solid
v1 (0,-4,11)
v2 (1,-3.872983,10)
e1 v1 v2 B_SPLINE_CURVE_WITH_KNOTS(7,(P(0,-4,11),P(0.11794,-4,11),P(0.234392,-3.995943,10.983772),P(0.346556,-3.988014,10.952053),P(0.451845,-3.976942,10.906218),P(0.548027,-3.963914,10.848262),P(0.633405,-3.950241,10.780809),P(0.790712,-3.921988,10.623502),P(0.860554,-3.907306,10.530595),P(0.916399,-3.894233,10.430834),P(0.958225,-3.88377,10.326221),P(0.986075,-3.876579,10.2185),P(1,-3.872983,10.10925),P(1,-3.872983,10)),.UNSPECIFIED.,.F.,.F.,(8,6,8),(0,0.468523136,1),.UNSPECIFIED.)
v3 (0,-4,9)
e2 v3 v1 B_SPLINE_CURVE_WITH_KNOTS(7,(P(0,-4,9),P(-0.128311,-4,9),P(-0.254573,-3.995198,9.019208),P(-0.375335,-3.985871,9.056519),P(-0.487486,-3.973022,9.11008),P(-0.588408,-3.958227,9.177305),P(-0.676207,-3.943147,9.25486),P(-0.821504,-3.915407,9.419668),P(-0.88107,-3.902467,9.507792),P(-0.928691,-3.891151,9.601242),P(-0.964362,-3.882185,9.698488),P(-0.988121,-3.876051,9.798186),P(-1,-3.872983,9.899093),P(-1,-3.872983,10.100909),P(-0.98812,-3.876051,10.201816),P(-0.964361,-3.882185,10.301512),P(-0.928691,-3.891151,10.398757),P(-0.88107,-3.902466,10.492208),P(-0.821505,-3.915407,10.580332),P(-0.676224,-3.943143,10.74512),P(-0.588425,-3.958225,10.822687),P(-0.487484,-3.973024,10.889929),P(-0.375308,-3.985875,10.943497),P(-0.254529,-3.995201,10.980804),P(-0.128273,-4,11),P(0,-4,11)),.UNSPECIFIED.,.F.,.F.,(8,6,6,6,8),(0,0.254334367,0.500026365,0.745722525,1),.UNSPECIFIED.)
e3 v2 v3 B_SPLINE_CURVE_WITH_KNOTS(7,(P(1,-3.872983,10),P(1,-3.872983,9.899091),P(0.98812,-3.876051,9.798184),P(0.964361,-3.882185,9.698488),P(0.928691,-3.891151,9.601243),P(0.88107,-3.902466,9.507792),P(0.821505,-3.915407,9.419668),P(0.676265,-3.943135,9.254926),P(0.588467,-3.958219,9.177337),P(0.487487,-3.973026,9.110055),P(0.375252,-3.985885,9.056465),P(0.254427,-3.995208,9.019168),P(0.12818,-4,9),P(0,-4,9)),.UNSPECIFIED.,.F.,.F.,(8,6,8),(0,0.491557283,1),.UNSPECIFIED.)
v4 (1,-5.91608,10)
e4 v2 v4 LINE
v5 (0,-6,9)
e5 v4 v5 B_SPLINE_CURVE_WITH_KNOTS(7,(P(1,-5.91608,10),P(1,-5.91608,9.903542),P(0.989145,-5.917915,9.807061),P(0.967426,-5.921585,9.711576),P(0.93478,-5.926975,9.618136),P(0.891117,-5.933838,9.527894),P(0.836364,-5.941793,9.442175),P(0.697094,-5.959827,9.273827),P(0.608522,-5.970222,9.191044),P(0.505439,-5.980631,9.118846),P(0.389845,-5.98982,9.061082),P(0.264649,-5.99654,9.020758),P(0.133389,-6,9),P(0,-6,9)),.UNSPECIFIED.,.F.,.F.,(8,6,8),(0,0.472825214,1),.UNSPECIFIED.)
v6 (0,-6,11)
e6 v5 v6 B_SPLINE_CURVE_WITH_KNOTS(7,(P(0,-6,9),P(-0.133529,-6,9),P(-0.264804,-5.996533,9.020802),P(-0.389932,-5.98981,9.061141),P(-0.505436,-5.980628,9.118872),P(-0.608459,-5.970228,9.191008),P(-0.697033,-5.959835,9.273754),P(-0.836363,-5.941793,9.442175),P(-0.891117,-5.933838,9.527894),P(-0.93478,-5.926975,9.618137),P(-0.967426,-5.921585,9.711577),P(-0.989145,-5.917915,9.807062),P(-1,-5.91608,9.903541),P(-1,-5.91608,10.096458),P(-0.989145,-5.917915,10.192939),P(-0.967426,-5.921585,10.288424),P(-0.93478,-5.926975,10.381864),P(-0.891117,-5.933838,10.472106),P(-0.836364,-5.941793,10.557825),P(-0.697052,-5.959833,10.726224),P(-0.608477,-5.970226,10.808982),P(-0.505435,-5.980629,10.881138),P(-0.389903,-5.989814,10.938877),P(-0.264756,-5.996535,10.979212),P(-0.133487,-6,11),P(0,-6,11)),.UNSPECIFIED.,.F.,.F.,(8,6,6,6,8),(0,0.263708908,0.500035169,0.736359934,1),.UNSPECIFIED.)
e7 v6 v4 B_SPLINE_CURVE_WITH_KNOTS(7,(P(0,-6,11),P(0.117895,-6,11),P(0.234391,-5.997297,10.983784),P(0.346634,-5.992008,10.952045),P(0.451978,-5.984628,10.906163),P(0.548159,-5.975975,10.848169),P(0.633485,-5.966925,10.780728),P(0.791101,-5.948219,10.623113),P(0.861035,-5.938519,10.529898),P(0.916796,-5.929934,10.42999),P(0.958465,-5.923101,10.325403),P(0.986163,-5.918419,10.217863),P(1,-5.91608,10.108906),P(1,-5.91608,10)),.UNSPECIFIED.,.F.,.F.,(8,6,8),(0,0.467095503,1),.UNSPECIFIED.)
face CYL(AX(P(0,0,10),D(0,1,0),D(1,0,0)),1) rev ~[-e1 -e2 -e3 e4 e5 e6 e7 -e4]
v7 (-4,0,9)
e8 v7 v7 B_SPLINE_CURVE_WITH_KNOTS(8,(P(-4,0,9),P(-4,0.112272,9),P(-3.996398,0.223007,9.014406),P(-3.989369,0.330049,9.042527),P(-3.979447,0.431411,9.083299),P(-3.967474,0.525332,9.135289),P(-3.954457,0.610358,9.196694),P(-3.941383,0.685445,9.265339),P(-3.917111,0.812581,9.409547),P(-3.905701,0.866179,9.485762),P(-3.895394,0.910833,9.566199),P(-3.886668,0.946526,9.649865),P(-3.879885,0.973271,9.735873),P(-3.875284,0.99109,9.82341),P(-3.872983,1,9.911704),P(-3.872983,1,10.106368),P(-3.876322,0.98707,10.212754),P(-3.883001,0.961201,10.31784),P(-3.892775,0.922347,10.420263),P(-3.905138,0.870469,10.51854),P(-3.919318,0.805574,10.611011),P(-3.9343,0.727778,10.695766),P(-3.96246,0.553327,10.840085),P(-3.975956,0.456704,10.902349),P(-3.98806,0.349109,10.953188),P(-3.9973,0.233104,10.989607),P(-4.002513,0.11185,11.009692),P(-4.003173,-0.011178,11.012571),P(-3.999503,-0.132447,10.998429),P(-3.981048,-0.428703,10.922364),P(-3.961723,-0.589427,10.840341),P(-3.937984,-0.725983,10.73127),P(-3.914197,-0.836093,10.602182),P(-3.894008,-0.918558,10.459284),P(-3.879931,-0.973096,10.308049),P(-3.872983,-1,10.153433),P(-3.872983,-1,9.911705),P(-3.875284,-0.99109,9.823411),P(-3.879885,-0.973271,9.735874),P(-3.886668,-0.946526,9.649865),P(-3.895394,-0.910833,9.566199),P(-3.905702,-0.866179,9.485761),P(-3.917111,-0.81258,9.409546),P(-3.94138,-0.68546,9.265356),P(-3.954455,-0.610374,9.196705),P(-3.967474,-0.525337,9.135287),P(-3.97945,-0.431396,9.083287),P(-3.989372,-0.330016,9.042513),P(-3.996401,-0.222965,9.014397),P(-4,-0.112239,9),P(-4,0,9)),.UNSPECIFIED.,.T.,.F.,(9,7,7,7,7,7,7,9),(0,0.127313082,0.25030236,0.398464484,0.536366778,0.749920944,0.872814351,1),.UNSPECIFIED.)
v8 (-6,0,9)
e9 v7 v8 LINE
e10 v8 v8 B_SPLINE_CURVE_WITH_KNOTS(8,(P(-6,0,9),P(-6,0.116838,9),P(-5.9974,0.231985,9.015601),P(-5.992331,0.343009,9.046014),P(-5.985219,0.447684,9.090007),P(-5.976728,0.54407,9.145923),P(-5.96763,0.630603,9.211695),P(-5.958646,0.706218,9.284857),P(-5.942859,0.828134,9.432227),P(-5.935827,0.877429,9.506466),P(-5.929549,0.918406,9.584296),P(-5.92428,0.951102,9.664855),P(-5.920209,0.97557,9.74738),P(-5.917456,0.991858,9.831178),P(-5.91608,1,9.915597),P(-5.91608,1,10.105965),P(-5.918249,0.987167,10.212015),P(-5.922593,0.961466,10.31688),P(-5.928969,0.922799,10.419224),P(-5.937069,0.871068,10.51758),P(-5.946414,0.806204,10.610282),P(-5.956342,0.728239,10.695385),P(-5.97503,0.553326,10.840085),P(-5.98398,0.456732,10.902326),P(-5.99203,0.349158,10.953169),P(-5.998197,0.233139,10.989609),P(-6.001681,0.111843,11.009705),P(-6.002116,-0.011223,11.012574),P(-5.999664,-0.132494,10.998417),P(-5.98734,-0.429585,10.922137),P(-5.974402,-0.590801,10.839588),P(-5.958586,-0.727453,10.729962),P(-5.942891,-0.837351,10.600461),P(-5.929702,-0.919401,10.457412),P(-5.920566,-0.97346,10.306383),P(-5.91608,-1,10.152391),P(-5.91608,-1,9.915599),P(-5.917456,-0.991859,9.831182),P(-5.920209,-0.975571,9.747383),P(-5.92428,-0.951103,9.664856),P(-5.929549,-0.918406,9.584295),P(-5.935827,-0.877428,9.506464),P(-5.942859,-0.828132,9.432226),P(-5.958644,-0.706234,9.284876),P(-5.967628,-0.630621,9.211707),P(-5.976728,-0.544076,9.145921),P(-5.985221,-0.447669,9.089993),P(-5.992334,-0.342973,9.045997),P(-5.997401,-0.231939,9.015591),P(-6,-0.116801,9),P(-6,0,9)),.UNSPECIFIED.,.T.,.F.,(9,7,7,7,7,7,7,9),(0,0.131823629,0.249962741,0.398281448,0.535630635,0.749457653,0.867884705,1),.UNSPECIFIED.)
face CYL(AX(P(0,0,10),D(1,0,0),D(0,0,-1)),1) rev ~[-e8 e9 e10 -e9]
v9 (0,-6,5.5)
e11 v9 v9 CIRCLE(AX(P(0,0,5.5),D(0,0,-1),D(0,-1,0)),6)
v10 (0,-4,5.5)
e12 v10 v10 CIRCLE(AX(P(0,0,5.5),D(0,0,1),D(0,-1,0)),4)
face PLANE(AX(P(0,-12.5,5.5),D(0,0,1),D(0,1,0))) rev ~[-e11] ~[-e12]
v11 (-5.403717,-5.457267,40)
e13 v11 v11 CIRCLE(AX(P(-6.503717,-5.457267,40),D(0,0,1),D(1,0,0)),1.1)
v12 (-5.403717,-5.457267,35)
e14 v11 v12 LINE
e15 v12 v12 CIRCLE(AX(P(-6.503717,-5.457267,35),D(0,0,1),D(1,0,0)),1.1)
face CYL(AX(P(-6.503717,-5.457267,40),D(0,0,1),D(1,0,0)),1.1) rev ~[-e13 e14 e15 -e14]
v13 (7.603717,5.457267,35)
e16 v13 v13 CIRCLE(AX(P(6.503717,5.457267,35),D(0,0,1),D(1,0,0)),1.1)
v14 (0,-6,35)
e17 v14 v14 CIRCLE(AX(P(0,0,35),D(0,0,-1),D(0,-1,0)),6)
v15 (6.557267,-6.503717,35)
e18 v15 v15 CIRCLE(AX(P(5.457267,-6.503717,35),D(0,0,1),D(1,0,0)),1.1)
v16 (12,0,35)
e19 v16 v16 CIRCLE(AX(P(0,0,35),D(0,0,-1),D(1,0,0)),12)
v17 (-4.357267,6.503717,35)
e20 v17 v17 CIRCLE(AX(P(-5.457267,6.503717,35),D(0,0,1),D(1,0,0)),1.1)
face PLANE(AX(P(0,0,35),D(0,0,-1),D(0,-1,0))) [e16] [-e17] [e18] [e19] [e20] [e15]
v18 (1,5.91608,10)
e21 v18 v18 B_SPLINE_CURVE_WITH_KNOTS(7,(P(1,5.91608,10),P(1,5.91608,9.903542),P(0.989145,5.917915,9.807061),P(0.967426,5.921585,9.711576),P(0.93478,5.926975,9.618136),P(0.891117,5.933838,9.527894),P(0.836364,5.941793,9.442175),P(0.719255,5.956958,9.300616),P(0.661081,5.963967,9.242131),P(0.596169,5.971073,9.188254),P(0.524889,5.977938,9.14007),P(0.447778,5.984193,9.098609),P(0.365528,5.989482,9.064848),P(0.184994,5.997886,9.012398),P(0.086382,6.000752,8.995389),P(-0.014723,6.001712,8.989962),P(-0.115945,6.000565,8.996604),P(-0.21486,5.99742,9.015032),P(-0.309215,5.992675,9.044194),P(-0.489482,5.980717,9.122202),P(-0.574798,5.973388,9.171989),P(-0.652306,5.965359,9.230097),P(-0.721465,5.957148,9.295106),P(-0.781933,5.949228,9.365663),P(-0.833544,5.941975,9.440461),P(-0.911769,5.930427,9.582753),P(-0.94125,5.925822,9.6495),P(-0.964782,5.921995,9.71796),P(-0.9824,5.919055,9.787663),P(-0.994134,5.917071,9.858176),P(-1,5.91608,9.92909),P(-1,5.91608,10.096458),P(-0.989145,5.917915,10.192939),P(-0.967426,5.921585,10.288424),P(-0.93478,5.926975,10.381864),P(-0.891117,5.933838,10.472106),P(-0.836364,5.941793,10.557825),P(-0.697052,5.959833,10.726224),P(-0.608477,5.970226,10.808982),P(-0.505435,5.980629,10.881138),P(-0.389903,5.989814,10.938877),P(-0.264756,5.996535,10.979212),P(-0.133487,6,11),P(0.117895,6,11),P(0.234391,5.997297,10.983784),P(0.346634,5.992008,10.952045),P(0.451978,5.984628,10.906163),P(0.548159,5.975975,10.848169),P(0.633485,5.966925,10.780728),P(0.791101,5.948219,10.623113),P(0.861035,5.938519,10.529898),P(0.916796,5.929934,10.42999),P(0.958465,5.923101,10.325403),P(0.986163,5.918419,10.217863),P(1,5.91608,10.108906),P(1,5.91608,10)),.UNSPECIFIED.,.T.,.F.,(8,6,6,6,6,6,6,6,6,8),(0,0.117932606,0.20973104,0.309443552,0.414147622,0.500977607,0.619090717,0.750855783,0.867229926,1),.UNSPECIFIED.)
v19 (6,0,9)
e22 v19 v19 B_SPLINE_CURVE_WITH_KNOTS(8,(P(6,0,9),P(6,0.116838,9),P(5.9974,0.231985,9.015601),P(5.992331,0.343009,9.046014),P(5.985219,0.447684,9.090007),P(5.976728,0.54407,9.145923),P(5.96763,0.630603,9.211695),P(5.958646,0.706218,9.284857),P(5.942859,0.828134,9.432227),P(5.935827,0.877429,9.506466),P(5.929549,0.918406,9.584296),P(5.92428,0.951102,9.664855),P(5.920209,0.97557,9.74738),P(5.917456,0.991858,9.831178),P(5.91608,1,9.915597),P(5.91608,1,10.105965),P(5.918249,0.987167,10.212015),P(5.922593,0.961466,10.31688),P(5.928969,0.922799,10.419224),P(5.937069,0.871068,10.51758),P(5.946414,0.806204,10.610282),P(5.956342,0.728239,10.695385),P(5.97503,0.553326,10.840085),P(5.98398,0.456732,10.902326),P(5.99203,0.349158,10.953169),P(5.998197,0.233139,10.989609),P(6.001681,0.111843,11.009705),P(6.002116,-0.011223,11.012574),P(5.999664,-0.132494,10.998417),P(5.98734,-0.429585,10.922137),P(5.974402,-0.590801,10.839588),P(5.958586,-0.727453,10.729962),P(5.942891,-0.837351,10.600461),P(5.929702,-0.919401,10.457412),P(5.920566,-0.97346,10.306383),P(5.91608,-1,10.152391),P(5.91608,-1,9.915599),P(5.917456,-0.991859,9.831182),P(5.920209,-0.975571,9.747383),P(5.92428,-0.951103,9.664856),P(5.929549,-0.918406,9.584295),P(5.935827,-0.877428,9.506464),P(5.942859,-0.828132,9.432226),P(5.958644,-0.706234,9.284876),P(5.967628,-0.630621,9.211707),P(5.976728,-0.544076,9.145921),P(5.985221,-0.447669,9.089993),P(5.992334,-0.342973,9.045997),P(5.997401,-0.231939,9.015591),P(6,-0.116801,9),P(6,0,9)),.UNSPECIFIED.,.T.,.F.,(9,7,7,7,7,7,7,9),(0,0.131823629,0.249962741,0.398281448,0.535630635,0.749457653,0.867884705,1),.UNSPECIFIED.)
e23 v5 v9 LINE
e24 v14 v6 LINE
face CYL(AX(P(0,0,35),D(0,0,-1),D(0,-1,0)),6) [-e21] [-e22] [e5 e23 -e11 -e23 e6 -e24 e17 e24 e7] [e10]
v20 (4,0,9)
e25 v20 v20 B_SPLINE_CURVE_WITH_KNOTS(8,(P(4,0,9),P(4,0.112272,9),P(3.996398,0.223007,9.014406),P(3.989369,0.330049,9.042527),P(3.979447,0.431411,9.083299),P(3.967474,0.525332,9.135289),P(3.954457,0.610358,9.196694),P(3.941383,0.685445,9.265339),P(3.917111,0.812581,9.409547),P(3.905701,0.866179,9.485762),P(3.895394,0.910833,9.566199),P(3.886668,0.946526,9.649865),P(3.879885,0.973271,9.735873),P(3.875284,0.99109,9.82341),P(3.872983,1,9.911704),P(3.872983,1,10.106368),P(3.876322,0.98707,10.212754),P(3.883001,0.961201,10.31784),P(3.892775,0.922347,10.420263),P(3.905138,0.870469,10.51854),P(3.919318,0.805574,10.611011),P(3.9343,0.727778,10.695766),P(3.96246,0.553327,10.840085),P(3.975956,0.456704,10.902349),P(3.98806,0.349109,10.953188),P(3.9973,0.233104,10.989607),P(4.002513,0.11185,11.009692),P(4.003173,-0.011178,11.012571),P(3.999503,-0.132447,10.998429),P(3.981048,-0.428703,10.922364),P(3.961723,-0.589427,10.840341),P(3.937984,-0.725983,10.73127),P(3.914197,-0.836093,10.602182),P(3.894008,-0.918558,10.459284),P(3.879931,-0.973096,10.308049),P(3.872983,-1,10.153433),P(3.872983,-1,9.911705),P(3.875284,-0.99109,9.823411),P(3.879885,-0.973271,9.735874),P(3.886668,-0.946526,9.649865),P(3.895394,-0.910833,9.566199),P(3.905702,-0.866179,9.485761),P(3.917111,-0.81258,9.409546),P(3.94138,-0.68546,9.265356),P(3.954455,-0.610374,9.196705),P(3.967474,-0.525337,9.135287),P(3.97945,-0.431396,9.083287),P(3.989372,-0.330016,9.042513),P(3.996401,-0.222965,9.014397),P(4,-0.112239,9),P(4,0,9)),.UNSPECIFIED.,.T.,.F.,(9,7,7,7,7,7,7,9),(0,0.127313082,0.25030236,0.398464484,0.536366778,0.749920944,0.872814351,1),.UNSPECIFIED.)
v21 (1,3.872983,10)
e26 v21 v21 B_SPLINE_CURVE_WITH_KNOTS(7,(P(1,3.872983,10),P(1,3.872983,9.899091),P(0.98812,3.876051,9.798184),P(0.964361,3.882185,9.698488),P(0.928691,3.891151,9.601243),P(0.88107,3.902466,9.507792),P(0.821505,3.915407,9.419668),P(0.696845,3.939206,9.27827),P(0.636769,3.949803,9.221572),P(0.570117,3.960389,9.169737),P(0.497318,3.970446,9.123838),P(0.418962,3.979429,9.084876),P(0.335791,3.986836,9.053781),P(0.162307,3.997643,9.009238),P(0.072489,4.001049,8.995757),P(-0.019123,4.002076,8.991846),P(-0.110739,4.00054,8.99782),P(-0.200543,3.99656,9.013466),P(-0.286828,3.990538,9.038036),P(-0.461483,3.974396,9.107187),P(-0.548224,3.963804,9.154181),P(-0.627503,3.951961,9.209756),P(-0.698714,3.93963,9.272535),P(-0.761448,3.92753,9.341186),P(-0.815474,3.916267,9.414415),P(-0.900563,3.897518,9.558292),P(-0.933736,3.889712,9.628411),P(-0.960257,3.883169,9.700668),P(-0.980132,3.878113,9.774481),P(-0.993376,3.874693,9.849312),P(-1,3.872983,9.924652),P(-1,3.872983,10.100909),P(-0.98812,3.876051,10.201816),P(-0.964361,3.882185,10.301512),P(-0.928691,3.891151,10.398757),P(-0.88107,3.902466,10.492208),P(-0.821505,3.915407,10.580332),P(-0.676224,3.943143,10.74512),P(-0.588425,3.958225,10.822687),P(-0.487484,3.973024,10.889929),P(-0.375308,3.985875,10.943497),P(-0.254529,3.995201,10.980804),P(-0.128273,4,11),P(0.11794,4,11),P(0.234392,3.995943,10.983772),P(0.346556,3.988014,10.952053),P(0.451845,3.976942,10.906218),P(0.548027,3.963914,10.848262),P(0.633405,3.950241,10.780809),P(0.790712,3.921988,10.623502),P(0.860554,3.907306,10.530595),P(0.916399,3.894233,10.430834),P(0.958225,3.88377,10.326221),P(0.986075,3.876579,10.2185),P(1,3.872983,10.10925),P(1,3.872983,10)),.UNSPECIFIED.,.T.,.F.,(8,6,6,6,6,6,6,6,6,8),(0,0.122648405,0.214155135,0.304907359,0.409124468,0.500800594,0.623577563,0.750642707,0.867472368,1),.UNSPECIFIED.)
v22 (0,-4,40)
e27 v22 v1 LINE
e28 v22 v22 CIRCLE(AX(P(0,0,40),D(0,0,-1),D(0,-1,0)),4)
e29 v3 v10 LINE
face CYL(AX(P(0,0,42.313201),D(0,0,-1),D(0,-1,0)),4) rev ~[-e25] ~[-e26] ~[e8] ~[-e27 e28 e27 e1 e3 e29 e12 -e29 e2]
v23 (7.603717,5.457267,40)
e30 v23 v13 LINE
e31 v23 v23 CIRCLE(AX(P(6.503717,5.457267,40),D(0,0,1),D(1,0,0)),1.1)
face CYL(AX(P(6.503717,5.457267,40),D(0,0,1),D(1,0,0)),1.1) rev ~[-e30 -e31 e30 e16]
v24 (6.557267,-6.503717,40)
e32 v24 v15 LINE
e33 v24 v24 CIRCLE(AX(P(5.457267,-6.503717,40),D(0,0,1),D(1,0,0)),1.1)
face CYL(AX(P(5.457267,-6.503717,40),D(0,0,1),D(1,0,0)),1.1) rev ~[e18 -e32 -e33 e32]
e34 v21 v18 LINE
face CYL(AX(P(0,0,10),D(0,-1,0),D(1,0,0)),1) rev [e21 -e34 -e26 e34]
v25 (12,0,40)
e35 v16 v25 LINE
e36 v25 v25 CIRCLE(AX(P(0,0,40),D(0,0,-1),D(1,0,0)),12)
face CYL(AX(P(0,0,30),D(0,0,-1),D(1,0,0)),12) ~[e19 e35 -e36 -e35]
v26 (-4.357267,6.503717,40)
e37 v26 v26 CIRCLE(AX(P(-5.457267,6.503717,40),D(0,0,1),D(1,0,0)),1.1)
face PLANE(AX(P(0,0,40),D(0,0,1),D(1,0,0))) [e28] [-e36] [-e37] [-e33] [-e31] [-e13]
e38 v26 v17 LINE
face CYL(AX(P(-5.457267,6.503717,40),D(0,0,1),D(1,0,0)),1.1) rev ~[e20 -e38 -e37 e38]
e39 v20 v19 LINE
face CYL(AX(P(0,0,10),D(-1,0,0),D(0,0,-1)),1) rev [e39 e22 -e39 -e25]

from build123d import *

# Parameters (mm, degrees)
SKIZZE1_R                            = 12.5
AUFSATZ_LINEAR_AUSTRAGEN1_DEPTH      = 40
SCHNITT_LINEAR_START                 = 30
SKIZZE4_R                            = 15
SKIZZE4_R_2                          = 12
SCHNITT_LINEAR_AUSTRAGEN1_DEPTH      = 20
SKIZZE5_R                            = 1.1
SCHNITT_LINEAR_AUSTRAGEN2_DEPTH      = 20
SKIZZE6_R                            = 1
SCHNITT_LINEAR_AUSTRAGEN3_DEPTH      = 10
SKIZZE8_W                            = 5.5
SKIZZE8_H                            = 25
SCHNITT_LINEAR_AUSTRAGEN5_DEPTH      = 13.5
SCHNITT_LINEAR_AUSTRAGEN5_DEPTH_BACK = 13.5
SKIZZE9_R                            = 1
SCHNITT_LINEAR_AUSTRAGEN6_DEPTH      = 13
SCHNITT_LINEAR_AUSTRAGEN6_DEPTH_BACK = 13
SKIZZE11_R                           = 1
SCHNITT_LINEAR_AUSTRAGEN7_DEPTH      = 13
SCHNITT_LINEAR_AUSTRAGEN7_DEPTH_BACK = 13


with BuildPart() as part:
    # Skizze1 → Aufsatz-Linear austragen1 (new body)
    with BuildSketch(Plane.XY):
        Circle(SKIZZE1_R)
    extrude(amount=AUFSATZ_LINEAR_AUSTRAGEN1_DEPTH)

    # Skizze2 → Schnitt-Rotation3 (revolve, cut)
    with BuildSketch(Plane(origin=(0, 0, 0), x_dir=(0, 0, -1), z_dir=(1, 0, 0))):
        Polygon((-35, -12.5), (-35, -6), (-5, -6), (-5, -12.5), (-33.974333956, -17.5), align=None)
    revolve(axis=Axis((0, 0, 40), (0, 0, -1)), mode=Mode.SUBTRACT)

    # Skizze4 → Schnitt-Linear austragen1 (cut)
    with BuildSketch(Plane.XY.offset(SCHNITT_LINEAR_START)):
        Circle(SKIZZE4_R)
        Circle(SKIZZE4_R_2, mode=Mode.SUBTRACT)
    extrude(amount=SCHNITT_LINEAR_AUSTRAGEN1_DEPTH, mode=Mode.SUBTRACT)

    # Skizze5 → Schnitt-Linear austragen2 (cut)
    with BuildSketch(Plane.XY.offset(40)):
        with Locations((-5.457266806, 6.503717322)):
            Circle(SKIZZE5_R)
        with Locations((6.503717322, 5.457266806)):
            Circle(SKIZZE5_R)
        with Locations((5.457266806, -6.503717322)):
            Circle(SKIZZE5_R)
        with Locations((-6.503717322, -5.457266806)):
            Circle(SKIZZE5_R)
    extrude(amount=-SCHNITT_LINEAR_AUSTRAGEN2_DEPTH, mode=Mode.SUBTRACT)

    # Skizze6 → Schnitt-Linear austragen3 (cut)
    with BuildSketch(Plane(origin=(0, 0, 0), x_dir=(-1, 0, 0), z_dir=(0, 0, -1))):
        with Locations((-2.25, 0)):
            Circle(SKIZZE6_R)
        with Locations((0, 2.25)):
            Circle(SKIZZE6_R)
        with Locations((2.25, 0)):
            Circle(SKIZZE6_R)
        with Locations((0, -2.25)):
            Circle(SKIZZE6_R)
    extrude(amount=-SCHNITT_LINEAR_AUSTRAGEN3_DEPTH, mode=Mode.SUBTRACT)

    # Skizze7 → Schnitt-Rotation4 (revolve, cut)
    with BuildSketch(Plane(origin=(0, 0, 0), x_dir=(0, 0, -1), z_dir=(1, 0, 0))):
        Polygon((-5.069914244, 0), (-35.074978214, 0), (-40, 0), (-42.313201415, 0), (-42.313201415, -4), (-40, -4), (-35, -4), (-5, -4), align=None)
    revolve(axis=Axis((0, 0, 40), (0, 0, -1)), mode=Mode.SUBTRACT)

    # Skizze8 → Schnitt-Linear austragen5 (cut, two sides)
    with BuildSketch(Plane(origin=(0, 0, 0), x_dir=(0, 0, -1), z_dir=(1, 0, 0))) as schnitt_linear_austragen5_sk:
        with Locations((-2.75, 0)):
            Rectangle(SKIZZE8_W, SKIZZE8_H)
    extrude(amount=SCHNITT_LINEAR_AUSTRAGEN5_DEPTH, mode=Mode.SUBTRACT)
    extrude(schnitt_linear_austragen5_sk.sketch, amount=-SCHNITT_LINEAR_AUSTRAGEN5_DEPTH_BACK, mode=Mode.SUBTRACT)

    # Skizze9 → Schnitt-Linear austragen6 (cut, two sides)
    with BuildSketch(Plane(origin=(0, 0, 0), x_dir=(0, 0, -1), z_dir=(1, 0, 0))) as schnitt_linear_austragen6_sk:
        with Locations((-10, 0)):
            Circle(SKIZZE9_R)
    extrude(amount=SCHNITT_LINEAR_AUSTRAGEN6_DEPTH, mode=Mode.SUBTRACT)
    extrude(schnitt_linear_austragen6_sk.sketch, amount=-SCHNITT_LINEAR_AUSTRAGEN6_DEPTH_BACK, mode=Mode.SUBTRACT)

    # Skizze11 → Schnitt-Linear austragen7 (cut, two sides)
    with BuildSketch(Plane(origin=(0, 0, 0), x_dir=(1, 0, 0), z_dir=(0, 1, 0))) as schnitt_linear_austragen7_sk:
        with Locations((0, -10)):
            Circle(SKIZZE11_R)
    extrude(amount=SCHNITT_LINEAR_AUSTRAGEN7_DEPTH, mode=Mode.SUBTRACT)
    extrude(schnitt_linear_austragen7_sk.sketch, amount=-SCHNITT_LINEAR_AUSTRAGEN7_DEPTH_BACK, mode=Mode.SUBTRACT)


solid = part.part
